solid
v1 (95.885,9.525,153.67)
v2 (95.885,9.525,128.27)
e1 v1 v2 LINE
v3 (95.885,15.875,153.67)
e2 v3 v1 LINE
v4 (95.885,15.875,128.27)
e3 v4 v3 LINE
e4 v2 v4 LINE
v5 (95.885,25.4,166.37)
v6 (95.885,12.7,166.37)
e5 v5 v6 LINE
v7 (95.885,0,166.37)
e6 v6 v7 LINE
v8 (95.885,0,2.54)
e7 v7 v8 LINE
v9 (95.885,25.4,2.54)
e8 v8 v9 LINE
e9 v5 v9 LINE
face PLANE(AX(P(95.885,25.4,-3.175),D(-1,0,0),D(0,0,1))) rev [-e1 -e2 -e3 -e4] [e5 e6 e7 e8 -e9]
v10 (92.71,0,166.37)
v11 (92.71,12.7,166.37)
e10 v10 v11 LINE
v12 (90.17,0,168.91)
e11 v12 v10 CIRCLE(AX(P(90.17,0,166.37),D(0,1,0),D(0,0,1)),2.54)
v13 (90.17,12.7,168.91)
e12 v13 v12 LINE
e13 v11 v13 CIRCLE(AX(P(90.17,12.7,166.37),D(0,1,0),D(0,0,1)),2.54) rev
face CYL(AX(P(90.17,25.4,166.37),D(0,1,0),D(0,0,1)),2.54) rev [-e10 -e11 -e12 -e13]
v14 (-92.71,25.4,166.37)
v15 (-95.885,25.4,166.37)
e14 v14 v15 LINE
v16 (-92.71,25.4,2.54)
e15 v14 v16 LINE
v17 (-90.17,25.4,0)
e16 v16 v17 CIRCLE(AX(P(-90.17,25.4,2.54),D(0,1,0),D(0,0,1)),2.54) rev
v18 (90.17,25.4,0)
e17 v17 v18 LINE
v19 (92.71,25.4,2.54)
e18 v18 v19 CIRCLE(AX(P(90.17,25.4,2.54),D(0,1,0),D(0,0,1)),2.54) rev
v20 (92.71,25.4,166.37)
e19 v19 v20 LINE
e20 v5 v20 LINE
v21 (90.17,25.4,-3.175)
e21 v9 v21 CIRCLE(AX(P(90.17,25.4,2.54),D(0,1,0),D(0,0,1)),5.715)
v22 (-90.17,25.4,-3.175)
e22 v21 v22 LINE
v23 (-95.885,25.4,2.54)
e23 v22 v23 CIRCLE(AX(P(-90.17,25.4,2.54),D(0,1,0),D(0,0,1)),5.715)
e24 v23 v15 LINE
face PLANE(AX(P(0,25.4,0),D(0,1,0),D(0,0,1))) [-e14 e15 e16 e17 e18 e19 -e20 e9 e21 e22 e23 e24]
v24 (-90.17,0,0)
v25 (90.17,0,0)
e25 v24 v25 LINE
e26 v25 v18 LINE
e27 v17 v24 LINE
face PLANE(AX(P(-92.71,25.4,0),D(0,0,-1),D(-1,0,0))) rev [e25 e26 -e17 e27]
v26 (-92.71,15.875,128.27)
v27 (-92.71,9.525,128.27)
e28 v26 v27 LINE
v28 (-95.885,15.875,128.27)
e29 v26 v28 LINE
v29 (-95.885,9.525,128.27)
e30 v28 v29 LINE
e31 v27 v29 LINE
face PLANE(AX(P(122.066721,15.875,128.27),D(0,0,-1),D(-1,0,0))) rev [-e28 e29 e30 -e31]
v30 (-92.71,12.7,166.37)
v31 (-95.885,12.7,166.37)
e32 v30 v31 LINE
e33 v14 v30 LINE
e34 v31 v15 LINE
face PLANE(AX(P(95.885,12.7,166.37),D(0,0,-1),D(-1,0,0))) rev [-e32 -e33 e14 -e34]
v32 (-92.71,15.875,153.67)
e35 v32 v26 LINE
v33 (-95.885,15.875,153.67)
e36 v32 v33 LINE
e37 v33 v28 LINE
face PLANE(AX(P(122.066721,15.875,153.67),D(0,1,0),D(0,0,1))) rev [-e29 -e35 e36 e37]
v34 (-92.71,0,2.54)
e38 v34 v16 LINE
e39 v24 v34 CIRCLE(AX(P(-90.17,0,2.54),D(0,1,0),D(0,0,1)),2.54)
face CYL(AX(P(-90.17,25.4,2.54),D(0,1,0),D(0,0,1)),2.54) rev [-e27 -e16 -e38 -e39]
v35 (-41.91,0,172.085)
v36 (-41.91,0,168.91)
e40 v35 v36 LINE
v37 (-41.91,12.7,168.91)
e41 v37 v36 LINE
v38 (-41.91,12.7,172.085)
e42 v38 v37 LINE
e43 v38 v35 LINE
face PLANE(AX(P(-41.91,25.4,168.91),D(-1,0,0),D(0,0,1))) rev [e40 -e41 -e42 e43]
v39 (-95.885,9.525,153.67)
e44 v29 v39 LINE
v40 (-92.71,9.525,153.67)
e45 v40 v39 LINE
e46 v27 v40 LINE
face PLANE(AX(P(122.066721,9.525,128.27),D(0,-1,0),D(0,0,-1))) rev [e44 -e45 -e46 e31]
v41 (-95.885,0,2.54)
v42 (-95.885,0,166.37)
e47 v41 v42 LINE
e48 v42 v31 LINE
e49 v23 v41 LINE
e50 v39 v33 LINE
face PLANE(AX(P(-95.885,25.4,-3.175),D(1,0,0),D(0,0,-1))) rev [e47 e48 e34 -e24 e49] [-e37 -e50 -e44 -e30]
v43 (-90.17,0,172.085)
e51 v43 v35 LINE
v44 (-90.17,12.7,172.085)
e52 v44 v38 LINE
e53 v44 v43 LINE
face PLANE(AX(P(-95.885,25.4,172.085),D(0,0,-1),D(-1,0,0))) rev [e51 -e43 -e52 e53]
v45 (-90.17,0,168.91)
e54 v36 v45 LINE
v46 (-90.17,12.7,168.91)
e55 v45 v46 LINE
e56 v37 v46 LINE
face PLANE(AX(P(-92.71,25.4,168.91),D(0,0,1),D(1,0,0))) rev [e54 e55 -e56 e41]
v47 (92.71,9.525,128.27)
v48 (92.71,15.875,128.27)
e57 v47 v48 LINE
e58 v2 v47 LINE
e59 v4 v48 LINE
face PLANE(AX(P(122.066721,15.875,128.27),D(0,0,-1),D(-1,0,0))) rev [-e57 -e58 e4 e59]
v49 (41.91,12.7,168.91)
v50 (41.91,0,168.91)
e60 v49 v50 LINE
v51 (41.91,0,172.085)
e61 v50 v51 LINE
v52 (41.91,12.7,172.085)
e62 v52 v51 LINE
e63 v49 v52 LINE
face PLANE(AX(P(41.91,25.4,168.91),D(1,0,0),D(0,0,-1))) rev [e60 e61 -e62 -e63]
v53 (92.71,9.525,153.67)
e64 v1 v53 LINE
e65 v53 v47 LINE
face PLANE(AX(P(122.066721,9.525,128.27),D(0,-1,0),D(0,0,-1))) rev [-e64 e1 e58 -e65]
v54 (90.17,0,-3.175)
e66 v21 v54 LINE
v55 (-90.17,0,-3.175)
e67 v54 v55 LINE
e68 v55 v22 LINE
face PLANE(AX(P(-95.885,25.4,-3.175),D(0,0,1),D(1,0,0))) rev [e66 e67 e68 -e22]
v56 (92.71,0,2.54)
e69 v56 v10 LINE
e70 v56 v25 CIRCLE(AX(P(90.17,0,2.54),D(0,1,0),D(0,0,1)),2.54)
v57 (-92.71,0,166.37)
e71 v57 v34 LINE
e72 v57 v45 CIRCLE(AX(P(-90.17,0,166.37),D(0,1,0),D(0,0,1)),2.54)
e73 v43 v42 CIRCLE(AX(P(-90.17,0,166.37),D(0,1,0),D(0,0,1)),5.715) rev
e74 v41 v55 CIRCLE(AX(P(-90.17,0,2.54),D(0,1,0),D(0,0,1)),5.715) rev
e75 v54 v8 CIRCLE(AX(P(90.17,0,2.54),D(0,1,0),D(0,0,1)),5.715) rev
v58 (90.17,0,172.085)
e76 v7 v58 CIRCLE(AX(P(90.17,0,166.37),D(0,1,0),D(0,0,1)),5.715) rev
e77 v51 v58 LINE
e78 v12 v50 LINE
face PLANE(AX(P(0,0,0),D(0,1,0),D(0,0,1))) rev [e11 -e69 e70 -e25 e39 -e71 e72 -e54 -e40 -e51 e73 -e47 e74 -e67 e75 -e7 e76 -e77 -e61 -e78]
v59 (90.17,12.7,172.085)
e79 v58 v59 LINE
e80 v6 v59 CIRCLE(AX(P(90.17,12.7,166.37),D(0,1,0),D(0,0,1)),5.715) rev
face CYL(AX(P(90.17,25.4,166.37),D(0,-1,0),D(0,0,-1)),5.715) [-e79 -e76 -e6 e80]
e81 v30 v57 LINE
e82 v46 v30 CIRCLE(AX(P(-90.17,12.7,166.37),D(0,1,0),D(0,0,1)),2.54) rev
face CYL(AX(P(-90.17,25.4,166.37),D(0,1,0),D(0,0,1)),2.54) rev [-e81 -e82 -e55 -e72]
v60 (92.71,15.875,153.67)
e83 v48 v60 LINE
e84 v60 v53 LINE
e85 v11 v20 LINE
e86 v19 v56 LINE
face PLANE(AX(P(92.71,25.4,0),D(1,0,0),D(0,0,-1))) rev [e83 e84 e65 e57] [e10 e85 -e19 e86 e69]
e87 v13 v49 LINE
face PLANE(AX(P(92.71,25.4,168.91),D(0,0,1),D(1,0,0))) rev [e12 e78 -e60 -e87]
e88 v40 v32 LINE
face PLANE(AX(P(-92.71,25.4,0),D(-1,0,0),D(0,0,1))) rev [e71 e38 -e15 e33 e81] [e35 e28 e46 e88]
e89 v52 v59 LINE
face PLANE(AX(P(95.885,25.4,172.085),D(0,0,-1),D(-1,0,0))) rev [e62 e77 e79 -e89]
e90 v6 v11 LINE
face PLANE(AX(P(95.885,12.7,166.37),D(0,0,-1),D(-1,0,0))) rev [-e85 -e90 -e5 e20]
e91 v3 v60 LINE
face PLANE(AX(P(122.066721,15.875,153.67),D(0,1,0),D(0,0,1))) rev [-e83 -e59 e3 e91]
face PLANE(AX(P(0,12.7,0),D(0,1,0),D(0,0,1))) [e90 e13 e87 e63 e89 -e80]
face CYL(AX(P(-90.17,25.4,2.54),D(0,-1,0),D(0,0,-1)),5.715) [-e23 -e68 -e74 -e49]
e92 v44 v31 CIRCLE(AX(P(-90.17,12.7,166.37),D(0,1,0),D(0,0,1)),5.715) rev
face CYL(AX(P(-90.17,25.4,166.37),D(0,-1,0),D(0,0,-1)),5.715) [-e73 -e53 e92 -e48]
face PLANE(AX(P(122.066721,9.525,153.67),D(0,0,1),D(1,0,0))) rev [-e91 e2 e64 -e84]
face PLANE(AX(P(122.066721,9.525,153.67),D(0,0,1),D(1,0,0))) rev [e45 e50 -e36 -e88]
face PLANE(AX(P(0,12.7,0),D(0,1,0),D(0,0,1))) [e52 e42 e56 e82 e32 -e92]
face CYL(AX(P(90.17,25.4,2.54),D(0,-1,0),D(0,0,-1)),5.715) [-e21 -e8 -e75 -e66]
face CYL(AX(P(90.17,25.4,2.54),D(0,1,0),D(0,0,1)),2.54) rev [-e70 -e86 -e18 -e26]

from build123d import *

# Parameters (mm, degrees)
BOSS_EXTRUDE1_DEPTH = 25.4
FILLET1_R           = 2.54
FILLET2_R           = 5.715
SKETCH2_W           = 191.77
SKETCH2_H           = 5.715
CUT_EXTRUDE1_DEPTH  = 12.7
CUT_EXTRUDE2_REACH  = 260.91
SKETCH3_W           = 25.4
SKETCH3_H           = 6.35


with BuildPart() as part:
    # Sketch1 → Boss-Extrude1 (new body)
    with BuildSketch(Plane(origin=(0, 0, 0), x_dir=(1, 0, 0), z_dir=(0, 1, 0))):
        Polygon((-92.71, 0), (92.71, 0), (92.71, -168.91), (41.91, -168.91), (41.91, -172.085), (95.885, -172.085), (95.885, 3.175), (-95.885, 3.175), (-95.885, -172.085), (-41.91, -172.085), (-41.91, -168.91), (-92.71, -168.91), align=None)
    extrude(amount=BOSS_EXTRUDE1_DEPTH)

    # Fillet1
    fillet1_edges = [part.edges().sort_by_distance(p)[0] for p in [
        (92.71, 12.7, 168.91),
        (92.71, 12.7, 0),
        (-92.71, 12.7, 0),
        (-92.71, 12.7, 168.91),
    ]]
    fillet(fillet1_edges, radius=FILLET1_R)

    # Fillet2
    fillet2_edges = [part.edges().sort_by_distance(p)[0] for p in [
        (-95.885, 12.7, -3.175),
        (95.885, 12.7, -3.175),
        (95.885, 12.7, 172.085),
        (-95.885, 12.7, 172.085),
    ]]
    fillet(fillet2_edges, radius=FILLET2_R)

    # Sketch2 → Cut-Extrude1 (cut)
    with BuildSketch(Plane(origin=(0, 25.4, 0), x_dir=(1, 0, 0), z_dir=(0, 1, 0))):
        with Locations((0, -169.2275)):
            Rectangle(SKETCH2_W, SKETCH2_H)
    extrude(amount=-CUT_EXTRUDE1_DEPTH, mode=Mode.SUBTRACT)

    # Cut-Extrude2: up to this face of the body (flat: up to its plane)
    cut_extrude2_end = Plane(part.part.faces().sort_by_distance((95.885, 12.7, 84.455))[0])
    # Sketch3 → Cut-Extrude2 (cut, up to the picked face)
    with BuildSketch(Plane.ZY.offset(95.885), mode=Mode.PRIVATE) as cut_extrude2_sk1:
        with Locations((140.97, 12.7)):
            Rectangle(SKETCH3_W, SKETCH3_H)
    cut_extrude2_tool1 = split(extrude(cut_extrude2_sk1.sketch, amount=-CUT_EXTRUDE2_REACH, mode=Mode.PRIVATE), bisect_by=cut_extrude2_end, keep=Keep.BOTH, mode=Mode.PRIVATE)
    add(cut_extrude2_tool1.solids().sort_by(Axis((-95.885, 12.7, 140.97), (1, 0, 0)))[0], mode=Mode.SUBTRACT)


solid = part.part
